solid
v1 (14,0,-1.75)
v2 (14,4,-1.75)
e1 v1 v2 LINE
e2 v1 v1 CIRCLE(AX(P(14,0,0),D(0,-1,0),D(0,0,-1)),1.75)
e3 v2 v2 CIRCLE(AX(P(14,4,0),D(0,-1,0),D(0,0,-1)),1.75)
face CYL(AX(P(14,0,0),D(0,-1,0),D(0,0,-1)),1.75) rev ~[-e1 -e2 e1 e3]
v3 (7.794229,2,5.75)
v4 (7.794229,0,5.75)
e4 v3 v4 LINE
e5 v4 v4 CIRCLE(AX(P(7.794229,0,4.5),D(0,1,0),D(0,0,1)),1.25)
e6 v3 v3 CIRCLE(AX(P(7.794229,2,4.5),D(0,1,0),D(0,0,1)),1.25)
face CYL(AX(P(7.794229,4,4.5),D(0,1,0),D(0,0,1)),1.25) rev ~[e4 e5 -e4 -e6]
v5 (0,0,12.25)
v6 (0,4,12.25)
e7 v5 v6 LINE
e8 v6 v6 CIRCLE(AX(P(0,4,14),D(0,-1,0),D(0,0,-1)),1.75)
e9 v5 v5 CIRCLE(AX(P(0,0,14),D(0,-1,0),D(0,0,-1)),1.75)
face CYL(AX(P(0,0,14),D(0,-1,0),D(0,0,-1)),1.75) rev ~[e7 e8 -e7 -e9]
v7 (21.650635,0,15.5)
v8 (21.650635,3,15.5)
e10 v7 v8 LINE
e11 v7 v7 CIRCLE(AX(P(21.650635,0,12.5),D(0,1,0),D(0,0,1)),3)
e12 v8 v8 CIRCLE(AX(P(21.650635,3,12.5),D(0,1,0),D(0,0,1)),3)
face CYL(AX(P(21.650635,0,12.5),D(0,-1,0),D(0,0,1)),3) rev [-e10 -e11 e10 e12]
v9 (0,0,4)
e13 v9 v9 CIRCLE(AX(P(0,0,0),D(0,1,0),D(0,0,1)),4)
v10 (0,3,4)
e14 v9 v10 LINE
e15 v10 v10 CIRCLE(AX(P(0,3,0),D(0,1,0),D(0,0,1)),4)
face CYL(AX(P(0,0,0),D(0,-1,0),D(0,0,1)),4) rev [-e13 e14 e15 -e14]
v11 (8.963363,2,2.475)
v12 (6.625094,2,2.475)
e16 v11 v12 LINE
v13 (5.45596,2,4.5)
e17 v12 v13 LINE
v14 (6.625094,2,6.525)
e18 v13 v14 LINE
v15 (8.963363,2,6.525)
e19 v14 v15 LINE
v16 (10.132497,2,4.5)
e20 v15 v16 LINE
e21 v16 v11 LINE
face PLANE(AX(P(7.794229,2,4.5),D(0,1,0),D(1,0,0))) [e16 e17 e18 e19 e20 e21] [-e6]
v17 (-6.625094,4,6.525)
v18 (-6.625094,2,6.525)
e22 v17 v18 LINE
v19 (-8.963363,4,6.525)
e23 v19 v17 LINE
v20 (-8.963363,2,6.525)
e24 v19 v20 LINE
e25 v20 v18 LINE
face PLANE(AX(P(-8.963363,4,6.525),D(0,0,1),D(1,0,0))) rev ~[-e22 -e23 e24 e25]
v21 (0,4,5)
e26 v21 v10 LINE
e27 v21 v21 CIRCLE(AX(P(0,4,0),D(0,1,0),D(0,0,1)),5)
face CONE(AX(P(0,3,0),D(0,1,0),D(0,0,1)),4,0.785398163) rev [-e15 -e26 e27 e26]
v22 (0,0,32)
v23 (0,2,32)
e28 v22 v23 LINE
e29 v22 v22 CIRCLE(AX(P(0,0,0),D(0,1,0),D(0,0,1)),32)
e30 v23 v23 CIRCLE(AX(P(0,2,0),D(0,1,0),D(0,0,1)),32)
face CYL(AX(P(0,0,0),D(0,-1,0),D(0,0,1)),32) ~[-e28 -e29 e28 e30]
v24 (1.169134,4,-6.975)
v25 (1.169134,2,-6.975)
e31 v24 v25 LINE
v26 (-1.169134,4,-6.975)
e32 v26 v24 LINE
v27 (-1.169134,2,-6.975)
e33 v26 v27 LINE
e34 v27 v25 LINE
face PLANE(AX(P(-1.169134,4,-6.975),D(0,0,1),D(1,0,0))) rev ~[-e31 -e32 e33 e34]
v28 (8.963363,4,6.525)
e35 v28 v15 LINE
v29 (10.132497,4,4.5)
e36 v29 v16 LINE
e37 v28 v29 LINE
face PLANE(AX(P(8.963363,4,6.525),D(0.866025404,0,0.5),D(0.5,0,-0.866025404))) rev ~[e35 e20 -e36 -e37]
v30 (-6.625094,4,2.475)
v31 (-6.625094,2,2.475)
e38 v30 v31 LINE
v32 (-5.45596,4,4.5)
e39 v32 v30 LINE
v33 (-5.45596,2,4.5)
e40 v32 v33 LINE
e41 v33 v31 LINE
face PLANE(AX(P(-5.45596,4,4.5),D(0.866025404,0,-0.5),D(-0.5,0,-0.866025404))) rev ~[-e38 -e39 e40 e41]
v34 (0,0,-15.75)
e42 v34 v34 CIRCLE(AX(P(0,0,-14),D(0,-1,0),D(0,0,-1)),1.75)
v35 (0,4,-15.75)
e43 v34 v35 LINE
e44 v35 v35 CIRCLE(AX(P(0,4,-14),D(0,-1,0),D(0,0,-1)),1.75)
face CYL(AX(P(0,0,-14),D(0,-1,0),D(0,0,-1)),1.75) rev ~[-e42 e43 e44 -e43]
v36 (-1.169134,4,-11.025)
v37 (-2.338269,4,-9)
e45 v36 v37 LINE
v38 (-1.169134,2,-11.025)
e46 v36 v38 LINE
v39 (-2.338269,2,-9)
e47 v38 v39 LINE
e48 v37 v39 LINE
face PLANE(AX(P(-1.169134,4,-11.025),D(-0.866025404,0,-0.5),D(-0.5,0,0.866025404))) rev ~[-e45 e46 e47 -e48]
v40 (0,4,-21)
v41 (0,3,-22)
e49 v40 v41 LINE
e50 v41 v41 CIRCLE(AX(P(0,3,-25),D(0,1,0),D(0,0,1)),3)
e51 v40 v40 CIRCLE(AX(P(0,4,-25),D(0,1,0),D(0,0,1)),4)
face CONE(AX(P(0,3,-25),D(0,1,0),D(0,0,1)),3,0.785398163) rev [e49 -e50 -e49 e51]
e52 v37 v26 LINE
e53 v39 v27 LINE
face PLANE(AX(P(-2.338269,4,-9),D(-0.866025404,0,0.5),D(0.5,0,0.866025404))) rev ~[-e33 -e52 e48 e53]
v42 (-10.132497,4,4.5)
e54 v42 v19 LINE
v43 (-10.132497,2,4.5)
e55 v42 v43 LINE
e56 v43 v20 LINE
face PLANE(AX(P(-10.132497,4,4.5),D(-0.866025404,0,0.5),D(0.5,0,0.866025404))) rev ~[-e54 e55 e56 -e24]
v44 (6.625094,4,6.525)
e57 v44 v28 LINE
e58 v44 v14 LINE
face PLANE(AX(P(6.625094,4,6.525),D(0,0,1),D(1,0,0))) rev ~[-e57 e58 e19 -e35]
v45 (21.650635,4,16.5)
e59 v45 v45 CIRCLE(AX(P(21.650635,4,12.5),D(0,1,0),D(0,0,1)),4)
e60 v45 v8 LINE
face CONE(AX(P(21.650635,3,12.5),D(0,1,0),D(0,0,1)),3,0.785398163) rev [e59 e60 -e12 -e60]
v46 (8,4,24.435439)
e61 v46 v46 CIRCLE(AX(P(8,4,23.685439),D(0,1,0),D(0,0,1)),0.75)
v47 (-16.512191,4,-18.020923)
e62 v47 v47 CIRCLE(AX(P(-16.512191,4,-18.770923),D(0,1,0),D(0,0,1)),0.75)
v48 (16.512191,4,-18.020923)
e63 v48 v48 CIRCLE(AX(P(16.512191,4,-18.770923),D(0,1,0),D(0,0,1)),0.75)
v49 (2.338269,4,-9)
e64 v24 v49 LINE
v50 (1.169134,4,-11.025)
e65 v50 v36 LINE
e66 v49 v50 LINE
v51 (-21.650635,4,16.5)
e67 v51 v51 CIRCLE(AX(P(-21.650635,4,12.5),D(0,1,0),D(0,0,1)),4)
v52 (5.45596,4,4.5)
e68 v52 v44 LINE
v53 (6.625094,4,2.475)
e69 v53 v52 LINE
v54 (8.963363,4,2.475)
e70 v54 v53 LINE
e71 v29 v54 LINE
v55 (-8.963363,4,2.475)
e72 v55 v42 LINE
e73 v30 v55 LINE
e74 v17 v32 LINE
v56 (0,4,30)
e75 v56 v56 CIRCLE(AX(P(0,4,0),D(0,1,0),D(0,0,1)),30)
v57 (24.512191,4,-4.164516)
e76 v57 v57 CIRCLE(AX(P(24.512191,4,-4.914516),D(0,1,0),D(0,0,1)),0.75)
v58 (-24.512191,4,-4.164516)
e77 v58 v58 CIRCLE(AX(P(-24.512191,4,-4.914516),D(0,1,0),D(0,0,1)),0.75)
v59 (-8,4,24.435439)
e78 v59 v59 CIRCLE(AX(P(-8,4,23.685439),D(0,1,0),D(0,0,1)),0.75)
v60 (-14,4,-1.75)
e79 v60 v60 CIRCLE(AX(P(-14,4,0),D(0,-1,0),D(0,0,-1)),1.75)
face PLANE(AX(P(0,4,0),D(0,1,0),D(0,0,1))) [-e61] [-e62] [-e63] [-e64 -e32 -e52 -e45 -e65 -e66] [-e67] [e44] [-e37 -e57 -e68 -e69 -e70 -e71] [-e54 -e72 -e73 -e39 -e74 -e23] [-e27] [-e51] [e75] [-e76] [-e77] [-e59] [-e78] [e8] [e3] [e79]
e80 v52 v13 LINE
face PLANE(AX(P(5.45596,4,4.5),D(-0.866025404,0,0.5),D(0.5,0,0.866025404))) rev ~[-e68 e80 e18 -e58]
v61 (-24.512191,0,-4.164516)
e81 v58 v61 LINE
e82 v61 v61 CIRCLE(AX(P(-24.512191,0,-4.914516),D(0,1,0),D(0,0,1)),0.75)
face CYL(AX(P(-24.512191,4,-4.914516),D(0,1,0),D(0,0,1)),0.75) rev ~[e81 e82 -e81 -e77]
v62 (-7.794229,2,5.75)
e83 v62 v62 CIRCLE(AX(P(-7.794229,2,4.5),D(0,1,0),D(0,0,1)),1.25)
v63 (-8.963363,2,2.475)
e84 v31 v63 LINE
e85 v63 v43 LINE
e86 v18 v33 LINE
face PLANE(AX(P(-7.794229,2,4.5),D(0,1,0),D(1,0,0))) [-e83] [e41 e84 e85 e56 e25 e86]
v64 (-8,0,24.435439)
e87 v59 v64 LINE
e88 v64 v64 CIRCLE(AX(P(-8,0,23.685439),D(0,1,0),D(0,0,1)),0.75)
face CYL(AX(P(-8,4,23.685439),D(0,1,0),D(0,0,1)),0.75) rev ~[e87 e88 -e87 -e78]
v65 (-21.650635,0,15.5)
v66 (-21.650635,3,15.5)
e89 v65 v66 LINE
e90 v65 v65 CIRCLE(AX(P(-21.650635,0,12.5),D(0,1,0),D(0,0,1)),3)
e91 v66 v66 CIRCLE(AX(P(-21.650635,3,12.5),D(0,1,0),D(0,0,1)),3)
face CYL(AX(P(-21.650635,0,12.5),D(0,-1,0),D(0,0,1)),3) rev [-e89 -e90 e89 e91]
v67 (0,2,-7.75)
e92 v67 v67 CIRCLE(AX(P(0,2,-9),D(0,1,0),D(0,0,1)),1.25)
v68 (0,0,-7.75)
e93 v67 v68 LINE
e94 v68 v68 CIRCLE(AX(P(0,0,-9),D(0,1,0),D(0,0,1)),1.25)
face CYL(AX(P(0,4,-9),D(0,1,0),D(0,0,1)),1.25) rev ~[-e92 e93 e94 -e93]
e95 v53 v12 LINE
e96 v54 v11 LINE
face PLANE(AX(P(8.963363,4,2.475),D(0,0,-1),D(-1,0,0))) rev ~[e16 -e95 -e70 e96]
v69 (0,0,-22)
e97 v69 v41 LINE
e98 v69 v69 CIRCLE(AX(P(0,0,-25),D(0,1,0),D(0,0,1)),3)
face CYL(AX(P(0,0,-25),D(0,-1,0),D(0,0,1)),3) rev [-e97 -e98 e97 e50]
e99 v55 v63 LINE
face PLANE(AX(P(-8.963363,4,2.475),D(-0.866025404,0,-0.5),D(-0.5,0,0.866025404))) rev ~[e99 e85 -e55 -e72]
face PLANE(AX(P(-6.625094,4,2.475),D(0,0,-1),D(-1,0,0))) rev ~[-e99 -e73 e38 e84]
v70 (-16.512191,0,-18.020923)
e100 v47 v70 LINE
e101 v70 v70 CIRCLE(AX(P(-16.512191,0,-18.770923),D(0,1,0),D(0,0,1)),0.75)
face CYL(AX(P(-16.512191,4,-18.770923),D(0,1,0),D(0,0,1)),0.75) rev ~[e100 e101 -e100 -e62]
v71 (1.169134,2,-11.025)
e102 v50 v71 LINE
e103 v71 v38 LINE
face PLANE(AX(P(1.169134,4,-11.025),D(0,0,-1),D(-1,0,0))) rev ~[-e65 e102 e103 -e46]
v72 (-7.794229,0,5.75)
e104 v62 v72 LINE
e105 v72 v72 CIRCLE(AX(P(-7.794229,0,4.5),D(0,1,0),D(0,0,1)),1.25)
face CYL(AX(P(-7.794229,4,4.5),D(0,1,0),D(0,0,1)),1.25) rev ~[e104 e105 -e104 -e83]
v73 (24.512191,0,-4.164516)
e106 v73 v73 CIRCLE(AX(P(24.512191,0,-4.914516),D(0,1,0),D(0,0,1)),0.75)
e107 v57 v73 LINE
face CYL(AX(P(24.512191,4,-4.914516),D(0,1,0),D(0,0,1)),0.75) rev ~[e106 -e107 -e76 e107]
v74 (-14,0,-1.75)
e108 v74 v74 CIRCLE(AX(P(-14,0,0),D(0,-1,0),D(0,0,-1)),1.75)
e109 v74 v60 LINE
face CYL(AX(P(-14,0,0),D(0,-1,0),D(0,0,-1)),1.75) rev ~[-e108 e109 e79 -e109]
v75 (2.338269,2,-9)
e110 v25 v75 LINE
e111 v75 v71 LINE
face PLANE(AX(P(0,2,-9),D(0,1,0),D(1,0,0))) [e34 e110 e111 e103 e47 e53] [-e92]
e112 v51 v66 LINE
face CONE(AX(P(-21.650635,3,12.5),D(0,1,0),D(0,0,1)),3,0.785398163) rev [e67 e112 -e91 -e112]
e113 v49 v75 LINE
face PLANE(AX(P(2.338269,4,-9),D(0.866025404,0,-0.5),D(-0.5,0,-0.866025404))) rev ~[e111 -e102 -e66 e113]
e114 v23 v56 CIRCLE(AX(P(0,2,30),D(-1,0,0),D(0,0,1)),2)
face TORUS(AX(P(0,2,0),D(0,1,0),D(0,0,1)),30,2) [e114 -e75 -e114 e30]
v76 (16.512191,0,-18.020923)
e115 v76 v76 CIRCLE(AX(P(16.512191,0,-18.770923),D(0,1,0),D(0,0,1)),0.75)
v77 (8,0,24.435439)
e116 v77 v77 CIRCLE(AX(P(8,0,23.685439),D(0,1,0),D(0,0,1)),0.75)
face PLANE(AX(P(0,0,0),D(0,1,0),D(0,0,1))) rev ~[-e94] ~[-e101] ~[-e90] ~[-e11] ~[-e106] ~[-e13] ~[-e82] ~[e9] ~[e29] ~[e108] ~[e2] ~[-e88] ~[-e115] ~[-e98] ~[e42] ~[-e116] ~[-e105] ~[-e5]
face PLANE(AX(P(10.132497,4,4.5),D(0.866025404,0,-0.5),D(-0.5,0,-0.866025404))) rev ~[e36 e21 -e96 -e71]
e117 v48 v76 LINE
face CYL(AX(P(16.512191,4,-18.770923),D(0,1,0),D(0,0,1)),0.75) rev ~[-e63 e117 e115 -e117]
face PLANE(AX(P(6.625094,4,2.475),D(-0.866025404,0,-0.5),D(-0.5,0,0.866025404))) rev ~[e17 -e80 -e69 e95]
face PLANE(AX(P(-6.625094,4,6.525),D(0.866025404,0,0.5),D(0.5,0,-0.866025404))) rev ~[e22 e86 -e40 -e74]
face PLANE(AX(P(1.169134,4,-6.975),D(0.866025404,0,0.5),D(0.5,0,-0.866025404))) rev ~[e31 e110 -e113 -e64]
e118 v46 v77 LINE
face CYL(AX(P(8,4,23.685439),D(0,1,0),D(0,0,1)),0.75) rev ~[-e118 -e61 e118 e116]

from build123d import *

# Parameters (mm, degrees)
SKETCH_1_R          = 32
SKETCH_1_R_2        = 4
SKETCH_1_R_3        = 3
EXTRUDE_1_DEPTH     = 4
FILLET_1_R          = 2
SKETCH_2_R          = 1.25
CUT_EXTRUDE_1_DEPTH = 46.431266766
SKETCH_3_R          = 1.75
CUT_EXTRUDE_2_DEPTH = 46.431266766
CUT_EXTRUDE_3_DEPTH = 2
CHAMFER_1_SIZE      = 1
SKETCH_5_R          = 0.75
CUT_EXTRUDE_4_DEPTH = 46.431266766


with BuildPart() as part:
    # Эскиз1 → Бобышка-Вытянуть1 (new body)
    with BuildSketch(Plane(origin=(0, 0, 0), x_dir=(1, 0, 0), z_dir=(0, 1, 0))):
        with Locations(Location((0, 0, 0), (0, 0, 270))):
            Circle(SKETCH_1_R)
        with Locations(Location((0, 0, 0), (0, 0, 270))):
            Circle(SKETCH_1_R_2, mode=Mode.SUBTRACT)
        with Locations(Location((0, 25, 0), (0, 0, 270))):
            Circle(SKETCH_1_R_3, mode=Mode.SUBTRACT)
        with Locations(Location((21.650635095, -12.5, 0), (0, 0, 270))):
            Circle(SKETCH_1_R_3, mode=Mode.SUBTRACT)
        with Locations(Location((-21.650635095, -12.5, 0), (0, 0, 270))):
            Circle(SKETCH_1_R_3, mode=Mode.SUBTRACT)
    extrude(amount=EXTRUDE_1_DEPTH)

    # Скругление1
    fillet_1_edges = [part.edges().sort_by_distance(p)[0] for p in [
        (0, 4, -32),
    ]]
    fillet(fillet_1_edges, radius=FILLET_1_R)

    # Эскиз2 → Вырез-Вытянуть1 (cut, through all)
    with BuildSketch(Plane(origin=(0, 4, 0), x_dir=(1, 0, 0), z_dir=(0, 1, 0))):
        with Locations(Location((0, 9, 0), (0, 0, 270))):
            Circle(SKETCH_2_R)
        with Locations(Location((7.794228634, -4.5, 0), (0, 0, 270))):
            Circle(SKETCH_2_R)
        with Locations(Location((-7.794228634, -4.5, 0), (0, 0, 270))):
            Circle(SKETCH_2_R)
    extrude(amount=-CUT_EXTRUDE_1_DEPTH, mode=Mode.SUBTRACT)

    # Эскиз3 → Вырез-Вытянуть2 (cut, through all)
    with BuildSketch(Plane.XZ):
        with Locations(Location((0, 14, 0), (0, 0, 270))):
            Circle(SKETCH_3_R)
        with Locations(Location((14, 0, 0), (0, 0, 270))):
            Circle(SKETCH_3_R)
        with Locations(Location((0, -14, 0), (0, 0, 270))):
            Circle(SKETCH_3_R)
        with Locations(Location((-14, 0, 0), (0, 0, 270))):
            Circle(SKETCH_3_R)
    extrude(amount=-CUT_EXTRUDE_2_DEPTH, mode=Mode.SUBTRACT)

    # Эскиз4 → Вырез-Вытянуть3 (cut)
    with BuildSketch(Plane(origin=(0, 4, 0), x_dir=(1, 0, 0), z_dir=(0, 1, 0))):
        Polygon((5.455960044, -4.5), (6.625094339, -6.525), (8.963362929, -6.525), (10.132497224, -4.5), (8.963362929, -2.475), (6.625094339, -2.475), align=None)
        Polygon((1.169134295, 6.975), (2.33826859, 9), (1.169134295, 11.025), (-1.169134295, 11.025), (-2.33826859, 9), (-1.169134295, 6.975), align=None)
        Polygon((-6.625094339, -2.475), (-8.963362929, -2.475), (-10.132497224, -4.5), (-8.963362929, -6.525), (-6.625094339, -6.525), (-5.455960044, -4.5), align=None)
    extrude(amount=-CUT_EXTRUDE_3_DEPTH, mode=Mode.SUBTRACT)

    # Фаска1
    chamfer_1_edges = [part.edges().sort_by_distance(p)[0] for p in [
        (21.650635095, 4, 9.5),
        (-21.650635095, 4, 9.5),
        (0, 4, -4),
        (0, 4, -28),
    ]]
    chamfer(chamfer_1_edges, length=CHAMFER_1_SIZE)

    # Эскиз5 → Вырез-Вытянуть4 (cut, through all)
    with BuildSketch(Plane(origin=(0, 4, 0), x_dir=(1, 0, 0), z_dir=(0, 1, 0))):
        with Locations(Location((-8, -23.685438565, 0), (0, 0, 270))):
            Circle(SKETCH_5_R)
        with Locations(Location((8, -23.685438565, 0), (0, 0, 270))):
            Circle(SKETCH_5_R)
        with Locations(Location((-16.512191497, 18.770922513, 0), (0, 0, 270))):
            Circle(SKETCH_5_R)
        with Locations(Location((-24.512191497, 4.914516052, 0), (0, 0, 270))):
            Circle(SKETCH_5_R)
        with Locations(Location((24.512191497, 4.914516052, 0), (0, 0, 270))):
            Circle(SKETCH_5_R)
        with Locations(Location((16.512191497, 18.770922513, 0), (0, 0, 270))):
            Circle(SKETCH_5_R)
    extrude(amount=-CUT_EXTRUDE_4_DEPTH, mode=Mode.SUBTRACT)


solid = part.part
